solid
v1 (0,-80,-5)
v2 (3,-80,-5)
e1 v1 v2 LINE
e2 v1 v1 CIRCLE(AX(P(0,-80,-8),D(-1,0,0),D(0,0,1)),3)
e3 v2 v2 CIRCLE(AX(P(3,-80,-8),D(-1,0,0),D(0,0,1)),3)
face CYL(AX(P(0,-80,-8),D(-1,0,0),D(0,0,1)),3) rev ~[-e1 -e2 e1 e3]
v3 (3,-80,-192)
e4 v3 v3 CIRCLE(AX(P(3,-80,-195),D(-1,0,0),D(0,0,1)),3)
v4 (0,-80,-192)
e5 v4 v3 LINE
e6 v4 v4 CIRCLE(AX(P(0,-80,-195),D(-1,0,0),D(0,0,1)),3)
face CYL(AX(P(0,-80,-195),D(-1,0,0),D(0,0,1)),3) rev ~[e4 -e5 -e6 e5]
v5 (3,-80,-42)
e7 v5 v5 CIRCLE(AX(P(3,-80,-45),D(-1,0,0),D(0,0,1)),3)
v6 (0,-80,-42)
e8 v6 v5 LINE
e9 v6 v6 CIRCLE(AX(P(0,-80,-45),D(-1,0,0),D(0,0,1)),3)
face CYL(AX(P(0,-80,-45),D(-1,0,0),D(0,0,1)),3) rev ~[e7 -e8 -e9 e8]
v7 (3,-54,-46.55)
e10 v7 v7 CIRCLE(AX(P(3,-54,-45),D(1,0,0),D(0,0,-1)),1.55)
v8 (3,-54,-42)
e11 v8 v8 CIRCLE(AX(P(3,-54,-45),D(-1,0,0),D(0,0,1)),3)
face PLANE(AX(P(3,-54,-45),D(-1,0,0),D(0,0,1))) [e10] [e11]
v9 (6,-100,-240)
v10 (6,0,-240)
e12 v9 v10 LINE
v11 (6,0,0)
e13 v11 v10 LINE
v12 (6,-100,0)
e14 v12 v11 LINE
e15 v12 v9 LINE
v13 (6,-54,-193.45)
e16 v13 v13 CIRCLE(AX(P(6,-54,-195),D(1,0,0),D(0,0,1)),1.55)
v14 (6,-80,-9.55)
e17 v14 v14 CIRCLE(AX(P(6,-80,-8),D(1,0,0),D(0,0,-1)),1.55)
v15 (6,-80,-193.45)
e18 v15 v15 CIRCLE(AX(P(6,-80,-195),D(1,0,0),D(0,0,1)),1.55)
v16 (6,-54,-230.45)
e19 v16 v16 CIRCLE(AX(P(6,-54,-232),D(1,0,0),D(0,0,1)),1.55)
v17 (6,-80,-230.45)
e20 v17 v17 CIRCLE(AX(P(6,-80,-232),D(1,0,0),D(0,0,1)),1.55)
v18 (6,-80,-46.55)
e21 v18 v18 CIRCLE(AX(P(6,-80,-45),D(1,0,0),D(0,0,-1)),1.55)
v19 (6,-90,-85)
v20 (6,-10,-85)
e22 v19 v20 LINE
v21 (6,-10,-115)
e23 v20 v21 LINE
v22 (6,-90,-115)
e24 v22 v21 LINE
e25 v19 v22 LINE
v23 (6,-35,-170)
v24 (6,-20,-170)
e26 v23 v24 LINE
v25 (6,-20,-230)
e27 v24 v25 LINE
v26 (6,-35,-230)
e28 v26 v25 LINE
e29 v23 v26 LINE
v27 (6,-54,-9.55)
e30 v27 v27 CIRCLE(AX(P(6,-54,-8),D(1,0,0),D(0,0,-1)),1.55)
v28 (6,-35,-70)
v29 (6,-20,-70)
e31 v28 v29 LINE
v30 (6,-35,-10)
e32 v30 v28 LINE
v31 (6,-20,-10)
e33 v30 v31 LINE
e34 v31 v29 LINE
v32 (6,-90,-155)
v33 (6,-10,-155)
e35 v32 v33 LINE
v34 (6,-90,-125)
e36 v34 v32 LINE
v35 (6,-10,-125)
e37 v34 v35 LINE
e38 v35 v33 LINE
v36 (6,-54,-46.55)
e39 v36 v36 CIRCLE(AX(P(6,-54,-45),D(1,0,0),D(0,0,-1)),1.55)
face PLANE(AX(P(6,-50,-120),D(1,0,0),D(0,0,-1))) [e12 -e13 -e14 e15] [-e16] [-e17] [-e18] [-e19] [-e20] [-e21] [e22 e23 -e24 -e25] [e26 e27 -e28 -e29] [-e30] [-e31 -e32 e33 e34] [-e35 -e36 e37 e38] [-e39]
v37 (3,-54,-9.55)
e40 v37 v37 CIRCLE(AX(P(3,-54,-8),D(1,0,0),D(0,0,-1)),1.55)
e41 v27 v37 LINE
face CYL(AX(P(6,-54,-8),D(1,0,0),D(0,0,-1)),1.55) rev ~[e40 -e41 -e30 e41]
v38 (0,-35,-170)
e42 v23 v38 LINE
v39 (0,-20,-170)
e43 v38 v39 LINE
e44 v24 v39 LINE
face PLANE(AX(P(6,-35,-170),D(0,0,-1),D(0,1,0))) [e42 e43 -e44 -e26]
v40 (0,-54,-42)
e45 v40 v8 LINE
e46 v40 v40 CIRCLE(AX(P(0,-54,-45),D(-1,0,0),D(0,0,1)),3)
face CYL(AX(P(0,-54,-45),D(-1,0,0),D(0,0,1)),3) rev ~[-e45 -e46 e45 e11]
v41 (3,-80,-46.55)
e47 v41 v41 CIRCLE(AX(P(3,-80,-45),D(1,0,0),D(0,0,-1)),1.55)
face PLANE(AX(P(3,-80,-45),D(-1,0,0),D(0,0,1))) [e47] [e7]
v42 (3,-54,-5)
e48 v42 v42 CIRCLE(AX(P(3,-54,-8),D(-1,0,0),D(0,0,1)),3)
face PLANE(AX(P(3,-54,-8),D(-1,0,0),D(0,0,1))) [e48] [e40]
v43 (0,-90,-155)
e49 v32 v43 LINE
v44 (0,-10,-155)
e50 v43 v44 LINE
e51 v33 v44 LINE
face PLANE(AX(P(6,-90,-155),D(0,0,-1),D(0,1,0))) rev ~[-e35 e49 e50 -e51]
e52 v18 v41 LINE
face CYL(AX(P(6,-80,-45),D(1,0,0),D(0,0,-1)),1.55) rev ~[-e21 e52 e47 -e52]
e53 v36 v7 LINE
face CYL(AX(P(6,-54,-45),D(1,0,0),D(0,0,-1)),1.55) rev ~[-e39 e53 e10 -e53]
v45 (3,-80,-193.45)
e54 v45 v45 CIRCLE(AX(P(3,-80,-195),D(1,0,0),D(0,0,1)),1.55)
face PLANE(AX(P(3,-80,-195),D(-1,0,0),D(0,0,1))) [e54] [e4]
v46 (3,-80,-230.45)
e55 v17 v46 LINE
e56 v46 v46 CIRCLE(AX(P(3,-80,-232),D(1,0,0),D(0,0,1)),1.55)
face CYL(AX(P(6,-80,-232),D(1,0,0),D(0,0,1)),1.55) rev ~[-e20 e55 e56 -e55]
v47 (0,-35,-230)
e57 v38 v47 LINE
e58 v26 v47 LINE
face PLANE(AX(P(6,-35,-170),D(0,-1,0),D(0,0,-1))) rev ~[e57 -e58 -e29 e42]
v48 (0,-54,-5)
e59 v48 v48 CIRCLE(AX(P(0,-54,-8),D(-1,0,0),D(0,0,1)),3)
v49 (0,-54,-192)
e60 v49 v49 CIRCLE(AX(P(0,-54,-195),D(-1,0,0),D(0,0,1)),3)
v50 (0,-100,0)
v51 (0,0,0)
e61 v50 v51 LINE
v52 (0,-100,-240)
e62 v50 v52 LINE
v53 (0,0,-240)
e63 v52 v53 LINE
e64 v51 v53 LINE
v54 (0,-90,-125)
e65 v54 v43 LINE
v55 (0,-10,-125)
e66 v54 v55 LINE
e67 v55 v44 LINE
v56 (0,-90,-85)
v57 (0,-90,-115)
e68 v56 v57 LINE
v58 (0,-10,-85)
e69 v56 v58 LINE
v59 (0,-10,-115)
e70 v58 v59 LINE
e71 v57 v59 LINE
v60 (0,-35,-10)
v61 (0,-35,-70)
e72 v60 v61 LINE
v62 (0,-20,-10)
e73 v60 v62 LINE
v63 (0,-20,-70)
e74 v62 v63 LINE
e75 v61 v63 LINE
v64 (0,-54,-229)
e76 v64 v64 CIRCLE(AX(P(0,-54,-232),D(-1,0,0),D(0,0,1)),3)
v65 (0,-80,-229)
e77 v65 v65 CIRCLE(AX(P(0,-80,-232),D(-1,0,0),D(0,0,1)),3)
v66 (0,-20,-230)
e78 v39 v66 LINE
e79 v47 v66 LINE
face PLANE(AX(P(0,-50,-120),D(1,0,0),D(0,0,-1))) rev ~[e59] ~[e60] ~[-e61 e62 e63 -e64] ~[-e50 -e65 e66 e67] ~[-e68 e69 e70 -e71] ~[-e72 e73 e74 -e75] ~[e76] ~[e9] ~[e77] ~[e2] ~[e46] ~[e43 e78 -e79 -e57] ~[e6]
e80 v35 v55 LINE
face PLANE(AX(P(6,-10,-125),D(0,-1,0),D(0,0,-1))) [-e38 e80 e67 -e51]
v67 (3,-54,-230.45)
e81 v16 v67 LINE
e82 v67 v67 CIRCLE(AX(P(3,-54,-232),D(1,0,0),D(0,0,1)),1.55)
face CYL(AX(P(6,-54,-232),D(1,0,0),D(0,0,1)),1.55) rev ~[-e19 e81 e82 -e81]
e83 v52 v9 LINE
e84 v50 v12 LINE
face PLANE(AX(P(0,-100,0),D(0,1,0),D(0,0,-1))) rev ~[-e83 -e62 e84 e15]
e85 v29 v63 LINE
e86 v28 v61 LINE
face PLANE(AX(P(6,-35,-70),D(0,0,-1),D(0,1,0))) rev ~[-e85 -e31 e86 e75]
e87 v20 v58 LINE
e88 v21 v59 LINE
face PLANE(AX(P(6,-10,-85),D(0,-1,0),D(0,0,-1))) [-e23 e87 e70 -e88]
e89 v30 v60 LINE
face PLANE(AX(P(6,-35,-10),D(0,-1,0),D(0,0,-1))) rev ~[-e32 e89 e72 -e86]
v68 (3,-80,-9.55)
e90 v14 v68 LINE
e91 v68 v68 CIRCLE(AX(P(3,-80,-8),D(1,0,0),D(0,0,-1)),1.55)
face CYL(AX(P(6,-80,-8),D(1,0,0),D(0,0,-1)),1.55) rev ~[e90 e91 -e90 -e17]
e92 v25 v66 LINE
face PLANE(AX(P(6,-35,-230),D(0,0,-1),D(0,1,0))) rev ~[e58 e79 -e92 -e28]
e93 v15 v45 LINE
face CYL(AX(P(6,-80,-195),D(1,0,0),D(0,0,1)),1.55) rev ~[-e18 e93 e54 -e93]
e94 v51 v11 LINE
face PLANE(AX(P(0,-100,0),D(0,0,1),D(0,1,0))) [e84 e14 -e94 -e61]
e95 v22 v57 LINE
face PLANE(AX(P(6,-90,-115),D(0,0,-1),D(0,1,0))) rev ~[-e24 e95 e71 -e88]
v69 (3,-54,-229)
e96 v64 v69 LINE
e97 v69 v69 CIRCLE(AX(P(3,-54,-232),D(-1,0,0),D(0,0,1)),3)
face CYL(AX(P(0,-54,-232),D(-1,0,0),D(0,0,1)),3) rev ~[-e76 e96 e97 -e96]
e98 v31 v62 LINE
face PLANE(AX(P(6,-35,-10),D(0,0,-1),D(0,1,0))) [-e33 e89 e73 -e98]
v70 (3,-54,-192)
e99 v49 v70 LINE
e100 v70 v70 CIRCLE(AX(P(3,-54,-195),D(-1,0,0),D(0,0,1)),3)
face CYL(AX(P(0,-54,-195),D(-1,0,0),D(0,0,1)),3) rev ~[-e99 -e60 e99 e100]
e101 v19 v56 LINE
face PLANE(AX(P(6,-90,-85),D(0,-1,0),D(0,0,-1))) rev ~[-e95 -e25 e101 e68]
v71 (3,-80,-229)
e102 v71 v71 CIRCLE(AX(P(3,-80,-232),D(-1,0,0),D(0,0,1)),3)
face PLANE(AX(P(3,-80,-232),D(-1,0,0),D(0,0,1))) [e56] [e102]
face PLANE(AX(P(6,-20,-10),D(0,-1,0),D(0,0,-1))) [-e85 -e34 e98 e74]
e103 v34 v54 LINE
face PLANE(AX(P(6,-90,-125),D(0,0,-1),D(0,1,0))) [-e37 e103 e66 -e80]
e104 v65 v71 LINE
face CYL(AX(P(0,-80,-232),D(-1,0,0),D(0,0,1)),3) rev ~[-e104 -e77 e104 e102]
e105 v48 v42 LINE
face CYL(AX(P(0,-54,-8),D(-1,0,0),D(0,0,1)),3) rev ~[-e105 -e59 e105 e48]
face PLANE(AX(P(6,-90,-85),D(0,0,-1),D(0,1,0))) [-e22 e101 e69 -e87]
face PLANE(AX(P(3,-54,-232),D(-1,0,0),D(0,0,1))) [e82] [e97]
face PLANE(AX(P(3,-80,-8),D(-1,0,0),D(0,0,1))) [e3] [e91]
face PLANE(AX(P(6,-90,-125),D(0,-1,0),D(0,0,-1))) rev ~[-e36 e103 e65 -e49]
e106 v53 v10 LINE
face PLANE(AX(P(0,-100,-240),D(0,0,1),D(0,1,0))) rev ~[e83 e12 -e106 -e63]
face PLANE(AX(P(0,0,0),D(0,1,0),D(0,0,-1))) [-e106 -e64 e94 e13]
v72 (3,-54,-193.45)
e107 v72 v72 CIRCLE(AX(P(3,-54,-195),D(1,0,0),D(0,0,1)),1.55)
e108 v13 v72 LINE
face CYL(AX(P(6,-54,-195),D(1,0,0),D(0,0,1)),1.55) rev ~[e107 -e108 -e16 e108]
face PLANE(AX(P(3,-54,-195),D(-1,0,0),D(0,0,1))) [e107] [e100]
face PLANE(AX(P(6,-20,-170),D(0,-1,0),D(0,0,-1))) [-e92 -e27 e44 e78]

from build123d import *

# Parameters (mm, degrees)
SKETCH_1_W          = 240
SKETCH_1_H          = 100
EXTRUDE_1_DEPTH     = 6
SKETCH_2_R          = 1.55
CUT_EXTRUDE_1_DEPTH = 261.069221555
SKETCH_3_W          = 60
SKETCH_3_H          = 15
CUT_EXTRUDE_2_DEPTH = 261.069221555
SKETCH_4_W          = 30
SKETCH_4_H          = 80
CUT_EXTRUDE_3_DEPTH = 261.069221555
SKETCH_5_R          = 3
CUT_EXTRUDE_4_DEPTH = 3


with BuildPart() as part:
    # 草图1 → 凸台-拉伸1 (new body)
    with BuildSketch(Plane(origin=(0, 0, 0), x_dir=(0, 0, -1), z_dir=(1, 0, 0))):
        with Locations((120, -50)):
            Rectangle(SKETCH_1_W, SKETCH_1_H)
    extrude(amount=EXTRUDE_1_DEPTH)

    # 草图2 → 切除-拉伸1 (cut, through all)
    with BuildSketch(Plane(origin=(6, 0, 0), x_dir=(0, 0, -1), z_dir=(1, 0, 0))):
        with Locations((8, -54)):
            Circle(SKETCH_2_R)
        with Locations((45, -80)):
            Circle(SKETCH_2_R)
        with Locations((45, -54)):
            Circle(SKETCH_2_R)
        with Locations((8, -80)):
            Circle(SKETCH_2_R)
        with Locations(Location((232, -80, 0), (0, 0, 180))):
            Circle(SKETCH_2_R)
        with Locations(Location((195, -54, 0), (0, 0, 180))):
            Circle(SKETCH_2_R)
        with Locations(Location((195, -80, 0), (0, 0, 180))):
            Circle(SKETCH_2_R)
        with Locations(Location((232, -54, 0), (0, 0, 180))):
            Circle(SKETCH_2_R)
    extrude(amount=-CUT_EXTRUDE_1_DEPTH, mode=Mode.SUBTRACT)

    # 草图3 → 切除-拉伸2 (cut, through all)
    with BuildSketch(Plane(origin=(6, 0, 0), x_dir=(0, 0, -1), z_dir=(1, 0, 0))):
        with Locations((40, -27.5)):
            Rectangle(SKETCH_3_W, SKETCH_3_H)
        with Locations((200, -27.5)):
            Rectangle(SKETCH_3_W, SKETCH_3_H)
    extrude(amount=-CUT_EXTRUDE_2_DEPTH, mode=Mode.SUBTRACT)

    # 草图4 → 切除-拉伸3 (cut, through all)
    with BuildSketch(Plane(origin=(6, 0, 0), x_dir=(0, 0, -1), z_dir=(1, 0, 0))):
        with Locations((100, -50)):
            Rectangle(SKETCH_4_W, SKETCH_4_H)
        with Locations((140, -50)):
            Rectangle(SKETCH_4_W, SKETCH_4_H)
    extrude(amount=-CUT_EXTRUDE_3_DEPTH, mode=Mode.SUBTRACT)

    # 草图5 → 切除-拉伸4 (cut)
    with BuildSketch(Plane.ZY):
        with Locations((-195, -80)):
            Circle(SKETCH_5_R)
        with Locations((-232, -80)):
            Circle(SKETCH_5_R)
        with Locations((-195, -54)):
            Circle(SKETCH_5_R)
        with Locations((-232, -54)):
            Circle(SKETCH_5_R)
        with Locations((-45, -80)):
            Circle(SKETCH_5_R)
        with Locations((-8, -80)):
            Circle(SKETCH_5_R)
        with Locations((-8, -54)):
            Circle(SKETCH_5_R)
        with Locations((-45, -54)):
            Circle(SKETCH_5_R)
    extrude(amount=-CUT_EXTRUDE_4_DEPTH, mode=Mode.SUBTRACT)


solid = part.part
